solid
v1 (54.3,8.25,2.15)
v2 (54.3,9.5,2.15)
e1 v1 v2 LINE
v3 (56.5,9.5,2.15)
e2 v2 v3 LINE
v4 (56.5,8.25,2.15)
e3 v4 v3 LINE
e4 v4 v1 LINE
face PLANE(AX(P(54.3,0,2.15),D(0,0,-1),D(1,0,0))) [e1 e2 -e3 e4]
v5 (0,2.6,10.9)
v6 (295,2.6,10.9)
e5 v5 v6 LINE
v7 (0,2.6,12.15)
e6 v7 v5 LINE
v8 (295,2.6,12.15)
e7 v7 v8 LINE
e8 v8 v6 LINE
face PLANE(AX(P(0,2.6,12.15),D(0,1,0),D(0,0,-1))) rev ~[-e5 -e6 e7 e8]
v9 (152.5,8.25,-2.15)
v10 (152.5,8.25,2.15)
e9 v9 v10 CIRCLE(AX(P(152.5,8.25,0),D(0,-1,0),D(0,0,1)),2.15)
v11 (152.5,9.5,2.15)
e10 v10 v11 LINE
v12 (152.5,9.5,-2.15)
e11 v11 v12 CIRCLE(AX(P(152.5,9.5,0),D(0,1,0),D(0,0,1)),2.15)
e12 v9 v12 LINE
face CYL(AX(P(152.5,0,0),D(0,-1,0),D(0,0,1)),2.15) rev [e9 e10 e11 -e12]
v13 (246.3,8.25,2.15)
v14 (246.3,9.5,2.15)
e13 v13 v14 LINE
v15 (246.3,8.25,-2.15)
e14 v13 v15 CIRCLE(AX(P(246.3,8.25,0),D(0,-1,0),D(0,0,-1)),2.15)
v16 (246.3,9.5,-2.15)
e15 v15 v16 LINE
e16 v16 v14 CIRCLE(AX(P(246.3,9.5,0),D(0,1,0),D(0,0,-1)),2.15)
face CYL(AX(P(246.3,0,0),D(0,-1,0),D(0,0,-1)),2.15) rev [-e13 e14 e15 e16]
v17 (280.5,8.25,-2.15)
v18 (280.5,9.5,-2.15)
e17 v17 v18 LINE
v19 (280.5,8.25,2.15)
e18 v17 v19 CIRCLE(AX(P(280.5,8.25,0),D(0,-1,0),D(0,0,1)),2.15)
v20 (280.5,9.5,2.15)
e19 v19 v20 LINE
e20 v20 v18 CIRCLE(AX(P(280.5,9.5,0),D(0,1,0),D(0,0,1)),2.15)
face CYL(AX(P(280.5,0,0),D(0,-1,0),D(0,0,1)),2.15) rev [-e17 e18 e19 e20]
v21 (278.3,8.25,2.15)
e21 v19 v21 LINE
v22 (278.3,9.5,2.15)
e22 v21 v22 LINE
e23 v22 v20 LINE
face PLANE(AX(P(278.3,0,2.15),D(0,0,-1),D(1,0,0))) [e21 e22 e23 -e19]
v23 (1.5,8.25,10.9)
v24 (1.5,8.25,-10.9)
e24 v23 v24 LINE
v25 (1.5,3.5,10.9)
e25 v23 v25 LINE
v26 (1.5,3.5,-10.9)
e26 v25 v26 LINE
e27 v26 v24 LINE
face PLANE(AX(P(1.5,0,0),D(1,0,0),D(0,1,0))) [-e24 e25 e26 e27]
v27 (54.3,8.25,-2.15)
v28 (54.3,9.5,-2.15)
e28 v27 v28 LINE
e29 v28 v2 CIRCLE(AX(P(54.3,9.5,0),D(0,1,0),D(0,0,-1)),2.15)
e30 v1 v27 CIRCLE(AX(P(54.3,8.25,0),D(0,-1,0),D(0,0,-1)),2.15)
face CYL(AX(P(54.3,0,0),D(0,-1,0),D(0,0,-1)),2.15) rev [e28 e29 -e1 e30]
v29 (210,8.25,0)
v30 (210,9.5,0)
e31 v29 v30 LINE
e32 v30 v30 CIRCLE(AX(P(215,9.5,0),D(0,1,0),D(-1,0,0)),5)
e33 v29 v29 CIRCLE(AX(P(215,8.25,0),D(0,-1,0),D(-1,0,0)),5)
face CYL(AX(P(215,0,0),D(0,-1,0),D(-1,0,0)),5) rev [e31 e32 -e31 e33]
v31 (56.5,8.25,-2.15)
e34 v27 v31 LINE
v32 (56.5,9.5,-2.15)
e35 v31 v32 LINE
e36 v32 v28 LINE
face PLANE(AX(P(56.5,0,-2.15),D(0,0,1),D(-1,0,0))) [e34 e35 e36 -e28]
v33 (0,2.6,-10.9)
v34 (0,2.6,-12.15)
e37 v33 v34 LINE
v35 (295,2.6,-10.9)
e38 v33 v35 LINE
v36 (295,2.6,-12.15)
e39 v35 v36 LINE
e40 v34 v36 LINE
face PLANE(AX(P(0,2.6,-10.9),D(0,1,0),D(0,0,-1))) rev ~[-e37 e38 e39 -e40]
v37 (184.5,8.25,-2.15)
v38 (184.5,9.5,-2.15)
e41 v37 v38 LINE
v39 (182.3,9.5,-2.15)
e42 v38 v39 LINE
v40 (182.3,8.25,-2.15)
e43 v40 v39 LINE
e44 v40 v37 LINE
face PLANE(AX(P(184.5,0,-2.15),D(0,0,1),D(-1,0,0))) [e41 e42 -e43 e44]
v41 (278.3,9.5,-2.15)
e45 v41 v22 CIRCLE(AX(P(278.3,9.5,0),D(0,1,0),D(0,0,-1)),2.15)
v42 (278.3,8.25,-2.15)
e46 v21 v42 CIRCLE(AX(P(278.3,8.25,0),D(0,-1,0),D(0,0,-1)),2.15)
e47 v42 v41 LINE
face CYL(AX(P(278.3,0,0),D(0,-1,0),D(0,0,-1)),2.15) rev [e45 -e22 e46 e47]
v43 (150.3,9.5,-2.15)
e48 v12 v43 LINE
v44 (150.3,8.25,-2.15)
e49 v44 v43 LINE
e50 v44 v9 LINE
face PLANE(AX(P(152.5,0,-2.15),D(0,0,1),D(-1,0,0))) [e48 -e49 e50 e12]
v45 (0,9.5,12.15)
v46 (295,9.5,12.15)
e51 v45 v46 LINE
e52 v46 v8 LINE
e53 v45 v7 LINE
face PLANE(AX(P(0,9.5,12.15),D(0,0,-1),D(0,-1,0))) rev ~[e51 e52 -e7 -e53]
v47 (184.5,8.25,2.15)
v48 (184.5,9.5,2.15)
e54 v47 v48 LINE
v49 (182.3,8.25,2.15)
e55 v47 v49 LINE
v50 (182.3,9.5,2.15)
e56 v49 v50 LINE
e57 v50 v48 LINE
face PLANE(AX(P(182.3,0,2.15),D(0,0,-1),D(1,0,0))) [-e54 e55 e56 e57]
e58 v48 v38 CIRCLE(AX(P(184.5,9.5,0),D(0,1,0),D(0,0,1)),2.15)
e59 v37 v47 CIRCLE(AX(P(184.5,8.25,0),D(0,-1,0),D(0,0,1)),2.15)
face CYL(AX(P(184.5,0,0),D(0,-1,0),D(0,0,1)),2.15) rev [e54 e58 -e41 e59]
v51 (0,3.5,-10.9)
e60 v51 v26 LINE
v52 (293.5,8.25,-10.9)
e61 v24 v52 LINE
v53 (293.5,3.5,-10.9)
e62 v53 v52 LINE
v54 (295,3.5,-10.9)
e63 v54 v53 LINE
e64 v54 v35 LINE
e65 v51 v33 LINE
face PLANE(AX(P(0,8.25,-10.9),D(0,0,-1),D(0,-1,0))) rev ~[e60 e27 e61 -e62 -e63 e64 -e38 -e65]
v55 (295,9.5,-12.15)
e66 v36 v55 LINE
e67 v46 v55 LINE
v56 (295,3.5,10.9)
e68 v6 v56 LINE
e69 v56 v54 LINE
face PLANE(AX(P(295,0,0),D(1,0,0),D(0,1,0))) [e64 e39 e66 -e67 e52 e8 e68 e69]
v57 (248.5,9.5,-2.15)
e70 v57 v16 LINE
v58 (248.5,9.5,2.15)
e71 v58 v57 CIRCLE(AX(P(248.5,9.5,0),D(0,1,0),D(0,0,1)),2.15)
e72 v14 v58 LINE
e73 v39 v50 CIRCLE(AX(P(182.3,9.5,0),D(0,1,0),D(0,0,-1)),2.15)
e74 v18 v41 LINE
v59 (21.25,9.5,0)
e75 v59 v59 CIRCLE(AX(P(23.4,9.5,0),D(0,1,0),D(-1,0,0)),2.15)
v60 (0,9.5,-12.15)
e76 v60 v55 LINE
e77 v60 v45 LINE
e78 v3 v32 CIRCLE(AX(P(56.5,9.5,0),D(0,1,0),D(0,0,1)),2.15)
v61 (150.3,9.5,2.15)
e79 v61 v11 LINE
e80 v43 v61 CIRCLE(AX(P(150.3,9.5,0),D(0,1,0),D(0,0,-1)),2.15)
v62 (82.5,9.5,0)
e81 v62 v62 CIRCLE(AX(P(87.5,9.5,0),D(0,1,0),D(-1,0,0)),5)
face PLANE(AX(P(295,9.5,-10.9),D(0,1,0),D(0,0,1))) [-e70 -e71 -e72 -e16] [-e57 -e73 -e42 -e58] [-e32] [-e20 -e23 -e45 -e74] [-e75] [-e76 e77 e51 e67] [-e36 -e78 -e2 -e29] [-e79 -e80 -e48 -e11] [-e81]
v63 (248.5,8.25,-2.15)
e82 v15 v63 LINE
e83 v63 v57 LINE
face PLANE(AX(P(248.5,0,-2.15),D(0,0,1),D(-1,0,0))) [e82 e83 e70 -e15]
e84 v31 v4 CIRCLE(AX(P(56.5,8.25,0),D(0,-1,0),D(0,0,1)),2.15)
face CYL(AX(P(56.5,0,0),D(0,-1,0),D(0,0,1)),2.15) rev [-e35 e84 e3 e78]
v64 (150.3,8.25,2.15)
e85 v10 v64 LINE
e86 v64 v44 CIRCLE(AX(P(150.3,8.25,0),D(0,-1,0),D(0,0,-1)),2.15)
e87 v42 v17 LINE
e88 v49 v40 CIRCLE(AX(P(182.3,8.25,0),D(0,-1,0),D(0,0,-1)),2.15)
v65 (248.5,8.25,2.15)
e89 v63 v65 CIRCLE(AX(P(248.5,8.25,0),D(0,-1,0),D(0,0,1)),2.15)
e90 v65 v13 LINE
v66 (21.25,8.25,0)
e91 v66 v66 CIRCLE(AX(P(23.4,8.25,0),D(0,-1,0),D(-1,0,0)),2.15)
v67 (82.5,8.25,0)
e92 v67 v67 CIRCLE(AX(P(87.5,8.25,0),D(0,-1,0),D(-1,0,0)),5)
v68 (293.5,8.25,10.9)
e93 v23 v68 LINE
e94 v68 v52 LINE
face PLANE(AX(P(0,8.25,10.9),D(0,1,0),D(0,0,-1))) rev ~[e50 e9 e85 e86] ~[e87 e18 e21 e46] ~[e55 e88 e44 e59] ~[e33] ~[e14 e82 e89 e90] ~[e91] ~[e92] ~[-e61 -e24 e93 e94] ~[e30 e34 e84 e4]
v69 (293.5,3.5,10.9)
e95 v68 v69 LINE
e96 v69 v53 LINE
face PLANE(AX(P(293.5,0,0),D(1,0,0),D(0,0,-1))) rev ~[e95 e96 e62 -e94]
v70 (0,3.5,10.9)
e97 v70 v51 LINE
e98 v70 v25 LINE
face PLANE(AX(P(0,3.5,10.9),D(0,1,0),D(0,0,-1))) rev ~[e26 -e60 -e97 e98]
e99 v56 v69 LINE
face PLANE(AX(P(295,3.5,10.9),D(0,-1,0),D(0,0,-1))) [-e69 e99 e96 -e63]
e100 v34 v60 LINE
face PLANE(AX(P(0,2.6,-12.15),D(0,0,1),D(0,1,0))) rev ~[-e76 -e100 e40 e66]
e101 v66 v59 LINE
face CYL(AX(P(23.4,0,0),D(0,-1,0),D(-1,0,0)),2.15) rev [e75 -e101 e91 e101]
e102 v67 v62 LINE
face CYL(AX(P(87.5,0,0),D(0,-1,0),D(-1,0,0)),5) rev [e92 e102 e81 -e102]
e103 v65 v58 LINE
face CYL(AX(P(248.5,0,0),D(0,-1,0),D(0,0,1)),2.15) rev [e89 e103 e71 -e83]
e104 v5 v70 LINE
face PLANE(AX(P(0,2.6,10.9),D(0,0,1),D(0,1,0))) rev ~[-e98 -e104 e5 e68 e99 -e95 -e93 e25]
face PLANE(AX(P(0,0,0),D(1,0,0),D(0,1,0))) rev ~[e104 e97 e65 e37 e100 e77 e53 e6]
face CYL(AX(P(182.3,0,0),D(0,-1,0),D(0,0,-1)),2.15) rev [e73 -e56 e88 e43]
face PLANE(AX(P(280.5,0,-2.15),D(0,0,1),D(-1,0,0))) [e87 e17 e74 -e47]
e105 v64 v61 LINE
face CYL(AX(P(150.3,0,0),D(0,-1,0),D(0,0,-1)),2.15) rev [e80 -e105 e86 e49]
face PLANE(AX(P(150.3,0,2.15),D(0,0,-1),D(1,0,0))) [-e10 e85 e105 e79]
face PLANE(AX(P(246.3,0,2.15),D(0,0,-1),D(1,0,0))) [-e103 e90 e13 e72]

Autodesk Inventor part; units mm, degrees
sketch "Esquisse_1" plane through (0, 0, 0) normal (1, 0, 0) x (0, 1, 0)
  line L0 (2.6, 12.15) -> (2.6, 10.9)
  line L1 (2.6, 10.9) -> (8.25, 10.9)
  line L2 (8.25, 10.9) -> (8.25, -10.9)
  line L3 (8.25, -10.9) -> (2.6, -10.9)
  line L4 (2.6, -10.9) -> (2.6, -12.15)
  line L5 (2.6, -12.15) -> (9.5, -12.15)
  line L6 (9.5, -12.15) -> (9.5, 12.15)
  line L7 (9.5, 12.15) -> (2.6, 12.15)
extrude "Extrusion1" add sketch "Esquisse_1" along normal blind 295
sketch "Esquisse_2" plane through (0, 0, 0) normal (1, 0, 0) x (0, 1, 0)
  line L0 (9.5, 10.9) -> (3.5, 10.9)
  line L1 (3.5, 10.9) -> (3.5, -10.9)
  line L2 (3.5, -10.9) -> (9.5, -10.9)
  line L3 (9.5, -10.9) -> (9.5, 10.9)
extrude "Extrusion2" add sketch "Esquisse_2" along normal blind 1.5
sketch "Esquisse_3" plane through (295, 0, 0) normal (1, 0, 0) x (0, 0, -1)
  line L0 (-10.9, 9.5) -> (-10.9, 3.5)
  line L1 (-10.9, 3.5) -> (10.9, 3.5)
  line L2 (10.9, 3.5) -> (10.9, 9.5)
  line L3 (10.9, 9.5) -> (-10.9, 9.5)
extrude "Extrusion3" add sketch "Esquisse_3" against normal blind 1.5
sketch "Esquisse_4" plane through (0, 0, 0) normal (0, 1, 0) x (-1, 0, 0)
  circle A0 centre (-23.4, 0) radius 2.15
extrude "Extrusion4" cut sketch "Esquisse_4" along normal blind 9.5
sketch "Esquisse_5" plane through (0, 0, 0) normal (0, 1, 0) x (-1, 0, 0)
  arc A0 (-54.3, -2.15) -> (-54.3, 2.15) centre (-54.3, 0) ccw
  line L0 (-54.3, 2.15) -> (-56.5, 2.15)
  arc A1 (-56.5, 2.15) -> (-56.5, -2.15) centre (-56.5, 0) ccw
  line L1 (-56.5, -2.15) -> (-54.3, -2.15)
extrude "Extrusion5" cut sketch "Esquisse_5" along normal blind 9.5
sketch "Esquisse_6" plane through (0, 0, 0) normal (0, 1, 0) x (-1, 0, 0)
  arc A0 (-150.3, -2.15) -> (-150.3, 2.15) centre (-150.3, 0) ccw
  line L0 (-150.3, 2.15) -> (-152.5, 2.15)
  arc A1 (-152.5, 2.15) -> (-152.5, -2.15) centre (-152.5, 0) ccw
  line L1 (-152.5, -2.15) -> (-150.3, -2.15)
extrude "Extrusion6" cut sketch "Esquisse_6" along normal blind 9.5
sketch "Esquisse_7" plane through (0, 0, 0) normal (0, 1, 0) x (-1, 0, 0)
  arc A0 (-182.3, -2.15) -> (-182.3, 2.15) centre (-182.3, 0) ccw
  line L0 (-182.3, 2.15) -> (-184.5, 2.15)
  arc A1 (-184.5, 2.15) -> (-184.5, -2.15) centre (-184.5, 0) ccw
  line L1 (-184.5, -2.15) -> (-182.3, -2.15)
extrude "Extrusion7" cut sketch "Esquisse_7" along normal blind 9.5
sketch "Esquisse_8" plane through (0, 0, 0) normal (0, 1, 0) x (-1, 0, 0)
  arc A0 (-246.3, -2.15) -> (-246.3, 2.15) centre (-246.3, 0) ccw
  line L0 (-246.3, 2.15) -> (-248.5, 2.15)
  arc A1 (-248.5, 2.15) -> (-248.5, -2.15) centre (-248.5, 0) ccw
  line L1 (-248.5, -2.15) -> (-246.3, -2.15)
extrude "Extrusion8" cut sketch "Esquisse_8" along normal blind 9.5
sketch "Esquisse_9" plane through (0, 0, 0) normal (0, 1, 0) x (-1, 0, 0)
  arc A0 (-278.3, -2.15) -> (-278.3, 2.15) centre (-278.3, 0) ccw
  line L0 (-278.3, 2.15) -> (-280.5, 2.15)
  arc A1 (-280.5, 2.15) -> (-280.5, -2.15) centre (-280.5, 0) ccw
  line L1 (-280.5, -2.15) -> (-278.3, -2.15)
extrude "Extrusion9" cut sketch "Esquisse_9" along normal blind 9.5
sketch "Esquisse_10" plane through (0, 0, 0) normal (0, 1, 0) x (-1, 0, 0)
  circle A0 centre (-87.5, 0) radius 5
extrude "Extrusion10" cut sketch "Esquisse_10" along normal blind 9.5
sketch "Esquisse_11" plane through (0, 0, 0) normal (0, 1, 0) x (-1, 0, 0)
  circle A0 centre (-215, 0) radius 5
extrude "Extrusion11" cut sketch "Esquisse_11" along normal blind 9.5
ref_plane "IP0_XY" through (0, 0, 0) normal (1, 0, 0) x (0, 0, -1)
ref_plane "IP0_YZ" through (0, 0, 0) normal (0, 0, -1) x (0, 1, 0)
ref_plane "IP0_ZX" through (0, 0, 0) normal (0, 1, 0) x (1, 0, 0)
properties part number "MICHAUD CHAILLY B3 - 21 - 30 - 2"
